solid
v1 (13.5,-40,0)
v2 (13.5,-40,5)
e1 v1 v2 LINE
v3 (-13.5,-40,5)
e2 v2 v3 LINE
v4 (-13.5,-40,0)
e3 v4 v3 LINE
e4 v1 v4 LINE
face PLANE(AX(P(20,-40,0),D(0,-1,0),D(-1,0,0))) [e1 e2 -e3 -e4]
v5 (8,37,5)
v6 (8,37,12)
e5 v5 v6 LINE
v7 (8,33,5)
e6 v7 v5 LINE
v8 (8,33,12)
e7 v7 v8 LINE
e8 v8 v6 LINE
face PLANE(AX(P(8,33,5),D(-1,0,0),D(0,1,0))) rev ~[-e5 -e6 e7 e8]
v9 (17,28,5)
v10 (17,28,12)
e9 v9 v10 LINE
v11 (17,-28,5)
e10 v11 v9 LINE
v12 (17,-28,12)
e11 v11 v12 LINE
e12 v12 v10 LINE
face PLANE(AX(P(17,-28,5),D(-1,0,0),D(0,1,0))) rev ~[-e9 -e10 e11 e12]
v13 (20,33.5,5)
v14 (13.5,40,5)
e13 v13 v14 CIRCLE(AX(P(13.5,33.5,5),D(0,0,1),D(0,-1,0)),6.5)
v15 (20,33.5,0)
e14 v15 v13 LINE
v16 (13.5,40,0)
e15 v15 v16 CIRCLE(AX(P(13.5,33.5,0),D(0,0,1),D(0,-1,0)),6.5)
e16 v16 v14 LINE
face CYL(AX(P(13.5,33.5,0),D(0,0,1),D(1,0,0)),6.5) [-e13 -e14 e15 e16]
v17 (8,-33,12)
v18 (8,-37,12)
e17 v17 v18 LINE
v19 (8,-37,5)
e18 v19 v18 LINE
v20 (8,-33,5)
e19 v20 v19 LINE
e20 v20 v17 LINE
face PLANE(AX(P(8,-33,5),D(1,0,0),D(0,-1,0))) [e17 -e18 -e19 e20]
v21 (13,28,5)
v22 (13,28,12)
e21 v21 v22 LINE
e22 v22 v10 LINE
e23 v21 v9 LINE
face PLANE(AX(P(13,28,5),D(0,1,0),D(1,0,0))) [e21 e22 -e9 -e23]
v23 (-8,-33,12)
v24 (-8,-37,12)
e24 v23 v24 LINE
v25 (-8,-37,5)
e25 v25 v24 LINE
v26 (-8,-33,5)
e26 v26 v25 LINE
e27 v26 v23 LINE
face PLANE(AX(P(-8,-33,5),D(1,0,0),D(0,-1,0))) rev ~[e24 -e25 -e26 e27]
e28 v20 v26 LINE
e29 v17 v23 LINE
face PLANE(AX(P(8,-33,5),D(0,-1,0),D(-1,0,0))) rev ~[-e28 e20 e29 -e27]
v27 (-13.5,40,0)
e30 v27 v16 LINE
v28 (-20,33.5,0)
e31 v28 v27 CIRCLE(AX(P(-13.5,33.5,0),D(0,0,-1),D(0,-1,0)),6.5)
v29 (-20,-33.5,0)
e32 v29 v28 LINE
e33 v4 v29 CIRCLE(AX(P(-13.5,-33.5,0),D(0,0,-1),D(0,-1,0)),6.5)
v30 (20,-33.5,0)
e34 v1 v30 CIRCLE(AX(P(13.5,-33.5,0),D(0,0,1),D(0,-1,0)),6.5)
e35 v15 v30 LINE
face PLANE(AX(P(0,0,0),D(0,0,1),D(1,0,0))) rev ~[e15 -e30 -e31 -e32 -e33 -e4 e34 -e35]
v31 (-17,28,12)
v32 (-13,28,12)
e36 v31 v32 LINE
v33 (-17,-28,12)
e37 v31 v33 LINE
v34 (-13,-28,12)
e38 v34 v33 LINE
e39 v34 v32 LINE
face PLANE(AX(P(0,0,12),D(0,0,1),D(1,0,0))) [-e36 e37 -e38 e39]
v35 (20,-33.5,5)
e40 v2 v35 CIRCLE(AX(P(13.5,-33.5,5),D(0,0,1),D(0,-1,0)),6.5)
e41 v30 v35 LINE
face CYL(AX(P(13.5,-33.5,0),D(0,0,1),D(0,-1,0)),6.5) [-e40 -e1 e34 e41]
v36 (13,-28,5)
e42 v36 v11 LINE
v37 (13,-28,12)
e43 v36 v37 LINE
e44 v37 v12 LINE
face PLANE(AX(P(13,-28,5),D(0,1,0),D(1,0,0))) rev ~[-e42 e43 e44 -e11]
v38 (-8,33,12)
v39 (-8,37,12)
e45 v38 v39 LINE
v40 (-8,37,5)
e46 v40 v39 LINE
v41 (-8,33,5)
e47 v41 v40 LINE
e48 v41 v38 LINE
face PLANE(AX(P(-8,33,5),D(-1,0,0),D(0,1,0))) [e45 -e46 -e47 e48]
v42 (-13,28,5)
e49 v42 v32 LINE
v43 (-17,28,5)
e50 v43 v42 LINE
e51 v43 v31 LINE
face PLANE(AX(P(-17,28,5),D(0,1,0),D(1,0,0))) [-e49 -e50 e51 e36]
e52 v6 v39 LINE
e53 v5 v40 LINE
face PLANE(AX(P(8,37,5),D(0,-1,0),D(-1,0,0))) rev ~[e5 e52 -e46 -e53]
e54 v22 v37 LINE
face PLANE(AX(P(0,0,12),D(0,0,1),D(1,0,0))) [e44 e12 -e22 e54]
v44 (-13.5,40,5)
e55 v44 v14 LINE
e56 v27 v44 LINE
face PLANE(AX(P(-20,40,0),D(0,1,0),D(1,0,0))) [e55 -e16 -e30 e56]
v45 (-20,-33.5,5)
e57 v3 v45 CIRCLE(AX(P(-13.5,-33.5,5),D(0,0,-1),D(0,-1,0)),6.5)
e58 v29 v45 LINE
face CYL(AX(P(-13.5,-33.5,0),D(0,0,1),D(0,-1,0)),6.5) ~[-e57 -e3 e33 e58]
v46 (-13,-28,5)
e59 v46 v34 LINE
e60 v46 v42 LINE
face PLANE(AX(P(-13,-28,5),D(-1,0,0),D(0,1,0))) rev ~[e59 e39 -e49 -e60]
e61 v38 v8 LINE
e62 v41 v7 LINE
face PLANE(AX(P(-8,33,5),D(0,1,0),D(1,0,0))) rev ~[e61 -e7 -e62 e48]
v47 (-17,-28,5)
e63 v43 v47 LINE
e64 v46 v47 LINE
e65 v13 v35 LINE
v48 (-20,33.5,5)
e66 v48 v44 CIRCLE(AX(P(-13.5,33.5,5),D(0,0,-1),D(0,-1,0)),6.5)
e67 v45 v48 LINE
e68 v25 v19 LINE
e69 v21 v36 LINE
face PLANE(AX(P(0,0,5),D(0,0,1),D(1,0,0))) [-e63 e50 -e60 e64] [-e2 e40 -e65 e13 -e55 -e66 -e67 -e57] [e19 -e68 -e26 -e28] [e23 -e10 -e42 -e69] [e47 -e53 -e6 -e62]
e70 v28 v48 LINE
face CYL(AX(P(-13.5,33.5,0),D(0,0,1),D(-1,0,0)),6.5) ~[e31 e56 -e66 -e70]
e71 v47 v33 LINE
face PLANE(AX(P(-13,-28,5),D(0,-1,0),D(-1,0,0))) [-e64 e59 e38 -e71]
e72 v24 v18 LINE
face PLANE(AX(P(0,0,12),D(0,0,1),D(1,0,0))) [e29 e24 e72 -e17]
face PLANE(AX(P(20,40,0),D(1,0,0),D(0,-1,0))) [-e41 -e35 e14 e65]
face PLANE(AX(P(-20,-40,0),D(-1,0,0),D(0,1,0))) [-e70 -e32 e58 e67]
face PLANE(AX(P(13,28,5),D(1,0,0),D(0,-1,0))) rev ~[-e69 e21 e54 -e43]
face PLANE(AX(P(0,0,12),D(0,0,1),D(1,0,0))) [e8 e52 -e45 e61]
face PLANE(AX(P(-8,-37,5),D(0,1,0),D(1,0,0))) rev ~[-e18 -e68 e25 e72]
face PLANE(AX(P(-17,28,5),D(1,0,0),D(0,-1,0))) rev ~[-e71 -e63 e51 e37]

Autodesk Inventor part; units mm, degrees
ref_plane "YZ Plane" through (0, 0, 0) normal (1, 0, 0) x (0, 1, 0)
ref_plane "XZ Plane" through (0, 0, 0) normal (0, 1, 0) x (-1, 0, 0)
ref_plane "XY Plane" through (0, 0, 0) normal (0, 0, 1) x (1, 0, 0)
sketch "Boceto1" plane through (0, 0, 0) normal (0, 0, 1) x (1, 0, 0)
  line L0 (20, -40) -> (-20, -40)
  line L1 (-20, -40) -> (-20, 40)
  line L2 (-20, 40) -> (20, 40)
  line L3 (20, 40) -> (20, -40)
  line L4 (20, -40) -> (-20, 40) construction
  line L5 (-20, -40) -> (20, 40) construction
  point P0 (0, 0)
  dimension "d0" = 40
  dimension "d22" = 80
extrude "Extrusión1" add sketch "Boceto1" along normal blind 5
sketch "Boceto2" plane through (0, 0, 5) normal (0, 0, 1) x (1, 0, 0)
  line L0 (17.5, -37.5) -> (-17.5, -37.5)
  line L1 (-17.5, -37.5) -> (-17.5, 37.5)
  line L2 (-17.5, 37.5) -> (17.5, 37.5)
  line L3 (17.5, 37.5) -> (17.5, -37.5)
  line L4 (17.5, -37.5) -> (-17.5, 37.5) construction
  line L5 (-17.5, -37.5) -> (17.5, 37.5) construction
  line L6 (17, 37) -> (-17, 37)
  line L7 (-17, 37) -> (-17, -37)
  line L8 (-17, -37) -> (17, -37)
  line L9 (17, -37) -> (17, 37)
  line L10 (-13, 33) -> (13, 33)
  line L11 (13, 33) -> (13, -33)
  line L12 (13, -33) -> (-13, -33)
  line L13 (-13, -33) -> (-13, 33)
  line L14 (8, 33) -> (8, 37)
  line L15 (-8, 33) -> (-8, 37)
  line L16 (13, 28) -> (17, 28)
  line L17 (13, -28) -> (17, -28)
  line L18 (-13, -28) -> (-17, -28)
  line L19 (-8, -33) -> (-8, -37)
  line L20 (8, -33) -> (8, -37)
  line L21 (-17, 28) -> (-13, 28)
  point P0 (0, 0)
  dimension "d5" = 35
  dimension "d6" = 75
  dimension "d7" = 0.5
  dimension "d8" = 4
  dimension "d9" = 5
  dimension "d10" = 5
  dimension "d11" = 5
  dimension "d12" = 5
  dimension "d13" = 5
  dimension "d14" = 5
  dimension "d15" = 5
  dimension "d16" = 5
extrude "Extrusión2" add sketch "Boceto2" along normal blind 7 contours L14 L10 L15 L6 | L9 L17 L11 L16 | L21 L13 L18 L7 | L8 L19 L12 L20
fillet "Empalme3" radius 6.5 4 edges at (20, 40, 2.5) (-20, 40, 2.5) (20, -40, 2.5) (-20, -40, 2.5)
properties part number "Tapacanto Superior"
